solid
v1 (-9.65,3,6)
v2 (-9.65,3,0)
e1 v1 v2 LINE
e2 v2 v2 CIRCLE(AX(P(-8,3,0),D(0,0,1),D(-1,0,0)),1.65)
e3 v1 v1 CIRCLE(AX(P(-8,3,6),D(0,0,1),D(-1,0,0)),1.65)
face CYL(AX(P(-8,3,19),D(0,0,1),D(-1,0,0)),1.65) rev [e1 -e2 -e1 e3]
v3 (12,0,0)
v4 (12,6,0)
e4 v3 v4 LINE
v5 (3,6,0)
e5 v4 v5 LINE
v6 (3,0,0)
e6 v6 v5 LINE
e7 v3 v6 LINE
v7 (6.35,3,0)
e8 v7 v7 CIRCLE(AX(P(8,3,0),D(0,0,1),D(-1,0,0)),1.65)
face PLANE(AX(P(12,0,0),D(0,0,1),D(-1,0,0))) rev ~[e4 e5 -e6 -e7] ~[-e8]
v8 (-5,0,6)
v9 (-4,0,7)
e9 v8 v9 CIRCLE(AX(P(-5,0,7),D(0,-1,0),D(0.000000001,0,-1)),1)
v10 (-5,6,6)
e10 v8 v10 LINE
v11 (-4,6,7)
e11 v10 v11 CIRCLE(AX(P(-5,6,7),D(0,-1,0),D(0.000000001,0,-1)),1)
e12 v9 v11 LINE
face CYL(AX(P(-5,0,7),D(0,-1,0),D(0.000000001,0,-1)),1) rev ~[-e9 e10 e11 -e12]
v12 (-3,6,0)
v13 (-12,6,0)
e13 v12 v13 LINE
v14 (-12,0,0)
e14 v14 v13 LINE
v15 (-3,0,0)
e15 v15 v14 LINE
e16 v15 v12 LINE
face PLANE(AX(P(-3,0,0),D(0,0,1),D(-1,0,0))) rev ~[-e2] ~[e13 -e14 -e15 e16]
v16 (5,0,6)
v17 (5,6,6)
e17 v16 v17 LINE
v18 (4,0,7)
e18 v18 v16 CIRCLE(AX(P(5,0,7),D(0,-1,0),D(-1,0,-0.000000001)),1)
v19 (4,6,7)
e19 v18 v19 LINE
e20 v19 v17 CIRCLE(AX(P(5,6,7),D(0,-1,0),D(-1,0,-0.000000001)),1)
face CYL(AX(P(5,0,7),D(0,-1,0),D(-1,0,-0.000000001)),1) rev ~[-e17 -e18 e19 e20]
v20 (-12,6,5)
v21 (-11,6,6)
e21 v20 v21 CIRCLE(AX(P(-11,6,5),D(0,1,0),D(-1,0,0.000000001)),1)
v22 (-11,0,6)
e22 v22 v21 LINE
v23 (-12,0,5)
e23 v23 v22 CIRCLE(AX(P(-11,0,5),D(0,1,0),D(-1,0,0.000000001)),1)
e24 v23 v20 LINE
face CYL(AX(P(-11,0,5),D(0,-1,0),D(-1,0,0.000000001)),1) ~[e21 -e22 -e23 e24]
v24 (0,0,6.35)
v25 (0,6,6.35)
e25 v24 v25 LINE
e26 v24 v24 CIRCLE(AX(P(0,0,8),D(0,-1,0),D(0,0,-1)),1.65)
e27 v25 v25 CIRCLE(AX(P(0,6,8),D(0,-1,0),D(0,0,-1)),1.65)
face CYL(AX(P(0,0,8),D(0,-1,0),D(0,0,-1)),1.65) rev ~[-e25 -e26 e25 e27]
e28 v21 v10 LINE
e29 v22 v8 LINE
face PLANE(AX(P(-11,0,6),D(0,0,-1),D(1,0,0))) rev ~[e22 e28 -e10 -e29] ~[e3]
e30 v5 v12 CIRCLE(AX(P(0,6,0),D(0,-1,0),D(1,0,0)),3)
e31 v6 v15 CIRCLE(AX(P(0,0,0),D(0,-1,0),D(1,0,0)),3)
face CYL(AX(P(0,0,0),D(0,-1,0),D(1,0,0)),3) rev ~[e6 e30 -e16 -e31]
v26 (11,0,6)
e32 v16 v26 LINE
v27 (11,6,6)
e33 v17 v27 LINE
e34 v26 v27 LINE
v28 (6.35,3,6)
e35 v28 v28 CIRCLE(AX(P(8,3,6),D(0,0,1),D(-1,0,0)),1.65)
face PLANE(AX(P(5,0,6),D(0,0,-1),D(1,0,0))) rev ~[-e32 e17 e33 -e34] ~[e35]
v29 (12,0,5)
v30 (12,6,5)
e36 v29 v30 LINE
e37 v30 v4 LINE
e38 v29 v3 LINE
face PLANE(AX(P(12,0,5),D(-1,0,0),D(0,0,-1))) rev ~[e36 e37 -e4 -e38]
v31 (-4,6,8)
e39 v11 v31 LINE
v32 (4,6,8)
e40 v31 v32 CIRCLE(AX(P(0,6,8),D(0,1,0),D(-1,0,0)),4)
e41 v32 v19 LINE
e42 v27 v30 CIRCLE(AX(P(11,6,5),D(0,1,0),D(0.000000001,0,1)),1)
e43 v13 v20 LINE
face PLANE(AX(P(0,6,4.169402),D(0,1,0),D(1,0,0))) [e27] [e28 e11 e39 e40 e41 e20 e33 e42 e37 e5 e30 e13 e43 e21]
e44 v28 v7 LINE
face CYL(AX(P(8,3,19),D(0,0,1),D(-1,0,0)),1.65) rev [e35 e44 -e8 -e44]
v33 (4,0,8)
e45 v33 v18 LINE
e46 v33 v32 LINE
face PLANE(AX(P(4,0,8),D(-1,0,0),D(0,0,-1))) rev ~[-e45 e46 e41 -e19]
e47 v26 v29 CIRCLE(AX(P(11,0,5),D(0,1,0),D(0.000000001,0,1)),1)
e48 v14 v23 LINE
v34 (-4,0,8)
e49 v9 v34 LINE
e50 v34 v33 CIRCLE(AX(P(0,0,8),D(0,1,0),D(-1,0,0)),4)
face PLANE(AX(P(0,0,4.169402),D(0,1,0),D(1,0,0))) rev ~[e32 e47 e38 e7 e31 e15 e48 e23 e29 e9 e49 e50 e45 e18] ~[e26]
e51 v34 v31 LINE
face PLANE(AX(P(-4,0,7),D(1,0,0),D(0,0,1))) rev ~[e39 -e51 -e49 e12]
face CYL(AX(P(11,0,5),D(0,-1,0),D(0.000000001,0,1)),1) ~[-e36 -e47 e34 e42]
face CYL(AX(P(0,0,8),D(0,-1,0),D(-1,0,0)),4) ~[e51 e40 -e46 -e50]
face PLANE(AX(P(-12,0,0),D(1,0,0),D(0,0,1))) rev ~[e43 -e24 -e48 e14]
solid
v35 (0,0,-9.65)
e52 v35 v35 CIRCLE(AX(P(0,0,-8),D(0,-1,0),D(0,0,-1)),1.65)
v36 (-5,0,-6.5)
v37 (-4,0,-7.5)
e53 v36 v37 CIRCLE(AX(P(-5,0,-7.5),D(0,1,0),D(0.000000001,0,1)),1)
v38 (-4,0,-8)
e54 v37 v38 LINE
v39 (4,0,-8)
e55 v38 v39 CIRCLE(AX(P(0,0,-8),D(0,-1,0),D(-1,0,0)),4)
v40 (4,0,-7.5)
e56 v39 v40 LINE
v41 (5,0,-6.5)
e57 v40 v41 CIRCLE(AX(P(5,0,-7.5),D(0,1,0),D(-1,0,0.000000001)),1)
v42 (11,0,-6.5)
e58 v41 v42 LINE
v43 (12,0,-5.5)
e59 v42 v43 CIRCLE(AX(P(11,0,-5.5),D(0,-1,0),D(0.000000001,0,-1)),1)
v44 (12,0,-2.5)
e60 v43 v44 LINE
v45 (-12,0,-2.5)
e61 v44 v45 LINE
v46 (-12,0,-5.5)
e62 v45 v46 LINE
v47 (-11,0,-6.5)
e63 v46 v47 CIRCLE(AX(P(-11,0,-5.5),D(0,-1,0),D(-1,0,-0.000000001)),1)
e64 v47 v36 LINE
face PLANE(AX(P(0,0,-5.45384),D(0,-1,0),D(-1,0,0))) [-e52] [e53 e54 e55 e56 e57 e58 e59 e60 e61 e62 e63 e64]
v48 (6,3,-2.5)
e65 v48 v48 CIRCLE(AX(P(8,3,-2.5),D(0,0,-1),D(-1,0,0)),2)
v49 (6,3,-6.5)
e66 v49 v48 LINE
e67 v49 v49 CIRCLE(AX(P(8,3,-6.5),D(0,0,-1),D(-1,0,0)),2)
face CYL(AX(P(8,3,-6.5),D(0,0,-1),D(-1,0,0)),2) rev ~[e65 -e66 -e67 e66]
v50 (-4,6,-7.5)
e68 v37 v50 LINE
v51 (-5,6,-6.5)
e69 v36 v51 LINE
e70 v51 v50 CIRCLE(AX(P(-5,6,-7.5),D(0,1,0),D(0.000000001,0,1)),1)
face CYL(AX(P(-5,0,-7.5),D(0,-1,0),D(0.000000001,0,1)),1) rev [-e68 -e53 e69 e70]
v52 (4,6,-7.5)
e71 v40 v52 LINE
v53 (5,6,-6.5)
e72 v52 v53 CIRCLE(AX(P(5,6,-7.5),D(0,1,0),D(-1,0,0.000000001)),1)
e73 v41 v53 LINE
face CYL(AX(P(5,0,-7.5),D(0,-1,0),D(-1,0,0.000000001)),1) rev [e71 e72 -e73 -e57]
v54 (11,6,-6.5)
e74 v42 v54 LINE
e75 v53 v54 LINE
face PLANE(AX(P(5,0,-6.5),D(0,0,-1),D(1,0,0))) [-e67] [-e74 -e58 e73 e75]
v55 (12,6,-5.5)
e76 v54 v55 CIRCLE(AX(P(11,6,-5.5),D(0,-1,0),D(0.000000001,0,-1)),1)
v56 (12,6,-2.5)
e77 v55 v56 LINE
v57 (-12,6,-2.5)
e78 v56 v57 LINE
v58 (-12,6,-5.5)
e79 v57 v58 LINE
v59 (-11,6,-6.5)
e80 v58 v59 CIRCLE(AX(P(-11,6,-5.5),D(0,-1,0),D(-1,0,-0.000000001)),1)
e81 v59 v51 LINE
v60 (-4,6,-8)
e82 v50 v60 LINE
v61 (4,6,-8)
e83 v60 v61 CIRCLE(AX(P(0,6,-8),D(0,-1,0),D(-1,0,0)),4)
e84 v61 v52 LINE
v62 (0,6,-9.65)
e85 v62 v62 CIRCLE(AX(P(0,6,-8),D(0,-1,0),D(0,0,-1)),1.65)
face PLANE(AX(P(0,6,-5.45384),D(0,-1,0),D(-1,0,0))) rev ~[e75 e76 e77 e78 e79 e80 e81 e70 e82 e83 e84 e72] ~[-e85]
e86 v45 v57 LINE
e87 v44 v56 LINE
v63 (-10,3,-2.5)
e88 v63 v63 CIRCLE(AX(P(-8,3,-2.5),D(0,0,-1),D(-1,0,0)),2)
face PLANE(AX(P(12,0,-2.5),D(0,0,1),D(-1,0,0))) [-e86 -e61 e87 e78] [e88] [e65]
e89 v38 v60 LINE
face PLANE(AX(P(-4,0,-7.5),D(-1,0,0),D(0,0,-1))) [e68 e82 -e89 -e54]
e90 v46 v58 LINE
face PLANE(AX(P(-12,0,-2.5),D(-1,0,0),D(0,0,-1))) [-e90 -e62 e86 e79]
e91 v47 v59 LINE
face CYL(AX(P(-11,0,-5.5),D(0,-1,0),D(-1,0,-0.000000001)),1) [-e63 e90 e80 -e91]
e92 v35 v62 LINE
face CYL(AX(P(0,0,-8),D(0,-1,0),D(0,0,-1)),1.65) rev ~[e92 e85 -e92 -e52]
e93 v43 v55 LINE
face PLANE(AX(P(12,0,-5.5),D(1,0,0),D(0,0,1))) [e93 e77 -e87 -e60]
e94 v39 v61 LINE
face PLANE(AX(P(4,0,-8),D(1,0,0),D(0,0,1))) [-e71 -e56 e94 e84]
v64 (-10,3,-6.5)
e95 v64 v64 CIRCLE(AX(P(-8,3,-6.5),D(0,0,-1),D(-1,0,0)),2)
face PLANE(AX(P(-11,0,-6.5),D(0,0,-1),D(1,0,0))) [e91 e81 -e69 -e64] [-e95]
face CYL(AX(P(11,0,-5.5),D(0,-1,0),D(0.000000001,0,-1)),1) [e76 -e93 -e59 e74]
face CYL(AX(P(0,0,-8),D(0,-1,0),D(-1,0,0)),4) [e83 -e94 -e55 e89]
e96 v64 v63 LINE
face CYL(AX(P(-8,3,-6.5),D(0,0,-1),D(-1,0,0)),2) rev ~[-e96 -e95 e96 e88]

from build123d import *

# Parameters (mm, degrees)
EXTRUDE_1_DEPTH          = 6
EXTRUDE_1_2_DEPTH        = 6
CUT_EXTRUDE_2_DEPTH      = 19
CUT_EXTRUDE_2_DEPTH_BACK = 19
SKETCH_2_R               = 1.65
SKETCH_3_R               = 1.65
CUT_EXTRUDE_3_DEPTH      = 8
SKETCH_4_R               = 2
CUT_EXTRUDE_4_DEPTH      = 5


with BuildPart() as part:
    # 草图1 → 凸台-拉伸1 (new body)
    with BuildSketch(Plane(origin=(0, 0, 0), x_dir=(1, 0, 0), z_dir=(0, 1, 0))):
        with BuildLine():
            Line((-3, 0), (-12, 0))
            Line((-12, 0), (-12, -5))
            ThreePointArc((-12, -5), (-11.707106781, -5.707106781), (-11, -6))
            Line((-11, -6), (-5, -6))
            ThreePointArc((-5, -6), (-4.292893219, -6.292893219), (-4, -7))
            Line((-4, -7), (-4, -8))
            ThreePointArc((-4, -8), (0, -12), (4, -8))
            Line((4, -8), (4, -7))
            ThreePointArc((4, -7), (4.292893219, -6.292893219), (5, -6))
            Line((5, -6), (11, -6))
            ThreePointArc((11, -6), (11.707106781, -5.707106781), (12, -5))
            Line((12, -5), (12, 0))
            Line((12, 0), (3, 0))
            ThreePointArc((3, 0), (0, -3), (-3, 0))
        make_face()
    extrude(amount=EXTRUDE_1_DEPTH)


with BuildPart() as body_2:
    # 草图1 → Extrude 1 2 (new body)
    with BuildSketch(Plane(origin=(0, 0, 0), x_dir=(1, 0, 0), z_dir=(0, 1, 0))):
        with BuildLine():
            Line((12, 2.5), (-12, 2.5))
            Line((-12, 2.5), (-12, 5.5))
            ThreePointArc((-12, 5.5), (-11.707106781, 6.207106781), (-11, 6.5))
            Line((-11, 6.5), (-5, 6.5))
            ThreePointArc((-5, 6.5), (-4.292893219, 6.792893219), (-4, 7.5))
            Line((-4, 7.5), (-4, 8))
            ThreePointArc((-4, 8), (0, 12), (4, 8))
            Line((4, 8), (4, 7.5))
            ThreePointArc((4, 7.5), (4.292893219, 6.792893219), (5, 6.5))
            Line((5, 6.5), (11, 6.5))
            ThreePointArc((11, 6.5), (11.707106781, 6.207106781), (12, 5.5))
            Line((12, 5.5), (12, 2.5))
        make_face()
    extrude(amount=EXTRUDE_1_2_DEPTH)


with BuildPart() as cut_extrude_2_tool:
    # 草图2 → 切除-拉伸2 (new, two sides: drawn at the far end of the back side and taken through both)
    with BuildSketch(Plane(origin=(0, 0, 0), x_dir=(-1, 0, 0), z_dir=(0, 0, -1)).offset(-CUT_EXTRUDE_2_DEPTH_BACK)):
        with Locations((-8, 3)):
            Circle(SKETCH_2_R)
        with Locations((8, 3)):
            Circle(SKETCH_2_R)
    extrude(amount=CUT_EXTRUDE_2_DEPTH + CUT_EXTRUDE_2_DEPTH_BACK)


with BuildPart() as part_1:
    add(part.part)

    # 切除-拉伸2: cut by cut_extrude_2_tool
    add(cut_extrude_2_tool.part, mode=Mode.SUBTRACT)


with BuildPart() as body_2_1:
    add(body_2.part)

    # 切除-拉伸2: cut by cut_extrude_2_tool
    add(cut_extrude_2_tool.part, mode=Mode.SUBTRACT)


with BuildPart() as cut_extrude_3_tool:
    # 草图3 → 切除-拉伸3 (new body)
    with BuildSketch(Plane.XZ):
        with Locations(Location((0, 8, 0), (0, 0, 270))):
            Circle(SKETCH_3_R)
        with Locations(Location((0, -8, 0), (0, 0, 270))):
            Circle(SKETCH_3_R)
    extrude(amount=-CUT_EXTRUDE_3_DEPTH)


with BuildPart() as part_2:
    add(part_1.part)

    # 切除-拉伸3: cut by cut_extrude_3_tool
    add(cut_extrude_3_tool.part, mode=Mode.SUBTRACT)


with BuildPart() as body_2_2:
    add(body_2_1.part)

    # 切除-拉伸3: cut by cut_extrude_3_tool
    add(cut_extrude_3_tool.part, mode=Mode.SUBTRACT)

    # 草图4 → 切除-拉伸4 (cut)
    with BuildSketch(Plane(origin=(0, 0, -6.5), x_dir=(-1, 0, 0), z_dir=(0, 0, -1))):
        with Locations((-8, 3)):
            Circle(SKETCH_4_R)
        with Locations((8, 3)):
            Circle(SKETCH_4_R)
    extrude(amount=-CUT_EXTRUDE_4_DEPTH, mode=Mode.SUBTRACT)


solid = Compound([part_2.part, body_2_2.part])
